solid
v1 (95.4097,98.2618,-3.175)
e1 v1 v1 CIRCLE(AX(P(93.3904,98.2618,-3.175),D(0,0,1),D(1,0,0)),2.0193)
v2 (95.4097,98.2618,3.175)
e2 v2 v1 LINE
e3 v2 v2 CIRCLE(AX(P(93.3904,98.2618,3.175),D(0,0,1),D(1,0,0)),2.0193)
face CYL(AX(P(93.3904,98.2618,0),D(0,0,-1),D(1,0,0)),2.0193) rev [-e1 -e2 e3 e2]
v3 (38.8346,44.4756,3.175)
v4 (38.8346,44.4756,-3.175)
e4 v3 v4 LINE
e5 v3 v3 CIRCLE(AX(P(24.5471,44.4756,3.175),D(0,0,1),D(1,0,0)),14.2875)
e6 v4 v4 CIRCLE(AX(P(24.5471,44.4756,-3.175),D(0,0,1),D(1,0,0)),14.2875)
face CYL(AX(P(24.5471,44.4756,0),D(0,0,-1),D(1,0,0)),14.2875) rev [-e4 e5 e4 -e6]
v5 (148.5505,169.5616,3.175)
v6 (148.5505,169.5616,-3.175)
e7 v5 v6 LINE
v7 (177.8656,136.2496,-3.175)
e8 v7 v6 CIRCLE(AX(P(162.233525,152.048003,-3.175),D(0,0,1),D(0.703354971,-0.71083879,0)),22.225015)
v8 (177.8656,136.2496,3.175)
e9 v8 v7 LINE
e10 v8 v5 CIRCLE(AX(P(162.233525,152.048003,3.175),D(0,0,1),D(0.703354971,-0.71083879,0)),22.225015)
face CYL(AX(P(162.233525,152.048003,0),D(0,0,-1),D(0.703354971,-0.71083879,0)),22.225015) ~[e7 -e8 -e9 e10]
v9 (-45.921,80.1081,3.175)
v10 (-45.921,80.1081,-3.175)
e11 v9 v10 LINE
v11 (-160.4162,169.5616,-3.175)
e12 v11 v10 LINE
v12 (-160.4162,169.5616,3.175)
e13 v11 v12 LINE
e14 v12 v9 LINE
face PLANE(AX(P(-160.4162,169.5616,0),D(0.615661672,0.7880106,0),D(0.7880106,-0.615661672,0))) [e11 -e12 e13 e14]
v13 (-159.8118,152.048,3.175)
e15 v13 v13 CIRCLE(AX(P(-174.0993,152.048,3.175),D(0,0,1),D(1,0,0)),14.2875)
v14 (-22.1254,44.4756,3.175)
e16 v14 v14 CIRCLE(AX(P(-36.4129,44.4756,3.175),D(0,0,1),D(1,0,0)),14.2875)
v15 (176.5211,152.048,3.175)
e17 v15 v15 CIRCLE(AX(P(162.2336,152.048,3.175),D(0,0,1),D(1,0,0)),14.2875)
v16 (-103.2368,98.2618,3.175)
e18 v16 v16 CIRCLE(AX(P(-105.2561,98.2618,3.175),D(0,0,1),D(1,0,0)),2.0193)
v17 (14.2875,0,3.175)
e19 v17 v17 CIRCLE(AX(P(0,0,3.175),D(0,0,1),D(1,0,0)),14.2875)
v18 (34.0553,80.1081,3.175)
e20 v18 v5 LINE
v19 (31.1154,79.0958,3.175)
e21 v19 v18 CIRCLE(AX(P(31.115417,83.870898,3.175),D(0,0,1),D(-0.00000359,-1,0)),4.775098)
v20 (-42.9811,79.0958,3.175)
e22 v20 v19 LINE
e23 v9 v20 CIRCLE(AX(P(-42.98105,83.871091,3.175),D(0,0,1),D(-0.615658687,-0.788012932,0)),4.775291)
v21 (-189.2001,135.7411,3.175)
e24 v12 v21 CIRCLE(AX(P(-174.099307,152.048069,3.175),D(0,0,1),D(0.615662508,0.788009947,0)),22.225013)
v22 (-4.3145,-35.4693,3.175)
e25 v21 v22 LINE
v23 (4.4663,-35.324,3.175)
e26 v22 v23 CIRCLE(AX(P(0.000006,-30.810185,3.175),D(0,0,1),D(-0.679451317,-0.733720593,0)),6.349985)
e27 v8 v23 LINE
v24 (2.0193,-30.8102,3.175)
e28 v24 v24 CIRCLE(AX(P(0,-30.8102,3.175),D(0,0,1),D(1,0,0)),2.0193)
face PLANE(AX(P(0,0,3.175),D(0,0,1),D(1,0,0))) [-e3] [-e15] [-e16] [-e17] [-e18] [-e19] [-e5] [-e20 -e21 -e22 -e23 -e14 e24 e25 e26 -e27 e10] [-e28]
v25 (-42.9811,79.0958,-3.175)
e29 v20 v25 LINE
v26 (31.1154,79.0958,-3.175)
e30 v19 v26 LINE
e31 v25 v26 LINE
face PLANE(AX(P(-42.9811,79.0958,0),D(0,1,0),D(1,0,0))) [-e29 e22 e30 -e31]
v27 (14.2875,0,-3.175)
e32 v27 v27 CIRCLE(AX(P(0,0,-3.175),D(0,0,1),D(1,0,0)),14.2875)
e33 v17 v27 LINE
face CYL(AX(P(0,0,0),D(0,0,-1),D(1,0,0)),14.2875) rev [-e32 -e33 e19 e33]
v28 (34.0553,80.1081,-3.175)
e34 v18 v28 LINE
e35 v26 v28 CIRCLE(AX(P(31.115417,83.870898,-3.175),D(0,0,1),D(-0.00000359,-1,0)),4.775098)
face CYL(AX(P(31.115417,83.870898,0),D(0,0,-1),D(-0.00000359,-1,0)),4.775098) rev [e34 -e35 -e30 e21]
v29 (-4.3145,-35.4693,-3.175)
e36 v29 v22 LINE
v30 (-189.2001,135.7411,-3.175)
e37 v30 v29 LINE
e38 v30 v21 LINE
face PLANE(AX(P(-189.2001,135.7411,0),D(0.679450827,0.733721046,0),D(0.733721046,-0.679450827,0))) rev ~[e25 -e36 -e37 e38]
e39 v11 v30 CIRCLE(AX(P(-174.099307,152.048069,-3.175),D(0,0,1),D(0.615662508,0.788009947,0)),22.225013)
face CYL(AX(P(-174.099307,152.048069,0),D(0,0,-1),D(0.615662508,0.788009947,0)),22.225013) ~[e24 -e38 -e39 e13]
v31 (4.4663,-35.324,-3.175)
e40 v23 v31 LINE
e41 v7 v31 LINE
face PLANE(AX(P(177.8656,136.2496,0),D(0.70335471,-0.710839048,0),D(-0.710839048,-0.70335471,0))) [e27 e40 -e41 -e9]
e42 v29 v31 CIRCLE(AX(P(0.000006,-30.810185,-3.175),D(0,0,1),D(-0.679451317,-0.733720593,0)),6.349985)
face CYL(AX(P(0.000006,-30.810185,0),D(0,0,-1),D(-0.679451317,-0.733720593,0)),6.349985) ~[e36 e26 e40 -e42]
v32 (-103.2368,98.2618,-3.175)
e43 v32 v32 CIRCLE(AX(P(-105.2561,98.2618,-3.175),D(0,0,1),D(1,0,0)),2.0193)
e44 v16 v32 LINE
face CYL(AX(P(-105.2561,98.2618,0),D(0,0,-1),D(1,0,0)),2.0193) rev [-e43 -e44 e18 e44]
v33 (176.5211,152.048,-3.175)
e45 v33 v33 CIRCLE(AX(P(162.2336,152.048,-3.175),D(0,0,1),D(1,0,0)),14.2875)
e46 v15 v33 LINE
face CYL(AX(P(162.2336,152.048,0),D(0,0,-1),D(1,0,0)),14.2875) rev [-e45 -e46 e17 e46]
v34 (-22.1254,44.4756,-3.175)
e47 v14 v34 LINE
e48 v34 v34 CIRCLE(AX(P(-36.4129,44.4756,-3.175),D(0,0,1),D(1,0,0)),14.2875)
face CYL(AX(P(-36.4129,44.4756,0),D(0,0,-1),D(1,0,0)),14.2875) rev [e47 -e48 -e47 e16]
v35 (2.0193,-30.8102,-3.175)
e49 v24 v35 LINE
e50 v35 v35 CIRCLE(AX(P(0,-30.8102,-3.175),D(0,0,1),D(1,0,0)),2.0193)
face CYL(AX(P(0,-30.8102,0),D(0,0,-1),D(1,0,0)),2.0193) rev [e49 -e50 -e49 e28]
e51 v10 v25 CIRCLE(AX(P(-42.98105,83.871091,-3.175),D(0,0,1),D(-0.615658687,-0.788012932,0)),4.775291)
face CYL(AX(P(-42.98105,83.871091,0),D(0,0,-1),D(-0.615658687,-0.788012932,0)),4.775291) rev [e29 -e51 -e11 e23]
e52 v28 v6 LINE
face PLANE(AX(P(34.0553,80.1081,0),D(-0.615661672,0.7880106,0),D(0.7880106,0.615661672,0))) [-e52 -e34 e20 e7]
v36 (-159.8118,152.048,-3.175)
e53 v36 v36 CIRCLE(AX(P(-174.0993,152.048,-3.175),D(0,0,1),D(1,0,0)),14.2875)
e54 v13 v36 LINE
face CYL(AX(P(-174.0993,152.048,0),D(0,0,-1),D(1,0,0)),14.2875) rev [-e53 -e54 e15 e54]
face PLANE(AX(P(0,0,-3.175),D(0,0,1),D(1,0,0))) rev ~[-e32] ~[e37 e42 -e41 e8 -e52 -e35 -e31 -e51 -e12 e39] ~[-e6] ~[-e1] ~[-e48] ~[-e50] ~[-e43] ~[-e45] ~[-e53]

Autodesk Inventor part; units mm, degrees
ref_plane "YZ Plane" through (0, 0, 0) normal (1, 0, 0) x (0, 1, 0)
ref_plane "XZ Plane" through (0, 0, 0) normal (0, 1, 0) x (-1, 0, 0)
ref_plane "XY Plane" through (0, 0, 0) normal (0, 0, 1) x (1, 0, 0)
sketch "Sketch1" plane through (0, 0, 0) normal (0, 0, 1) x (1, 0, 0)
  circle A0 centre (0, 0) radius 20.32 construction
  circle A1 centre (0, 0) radius 22.86 construction
  circle A2 centre (24.5471, 44.4756) radius 30.48 construction
  circle A3 centre (-36.4129, 44.4756) radius 30.48 construction
  circle A4 centre (-36.4129, 44.4756) radius 33.02 construction
  line L0 (-15.4952, 18.9262) -> (-14.4815, 17.688)
  circle A5 centre (24.5471, 44.4756) radius 33.02 construction
  circle A6 centre (24.5471, 44.4756) radius 14.2875
  circle A7 centre (-36.4129, 44.4756) radius 14.2875
  circle A8 centre (0, 0) radius 14.2875
  circle A9 centre (24.5471, 44.4756) radius 19.1008 construction
  circle A10 centre (24.5471, 44.4756) radius 21.0058 construction
  circle A11 centre (-36.4129, 44.4756) radius 19.1008 construction
  circle A12 centre (-36.4129, 44.4756) radius 21.0058 construction
  line L1 (-36.4129, 44.4756) -> (-174.0993, 152.048) construction
  line L2 (24.5471, 44.4756) -> (162.2336, 152.048) construction
  circle A13 centre (-174.0993, 152.048) radius 14.2875
  circle A14 centre (162.2336, 152.048) radius 14.2875
  circle A15 centre (-174.0993, 152.048) radius 22.225 construction
  circle A16 centre (162.2336, 152.048) radius 22.225 construction
  line L3 (-160.4162, 169.5616) -> (-45.921, 80.1081)
  line L4 (-42.9811, 79.0958) -> (31.1154, 79.0958)
  arc A17 (31.1154, 79.0958) -> (34.0553, 80.1081) centre (31.1154, 83.871) ccw
  arc A18 (-45.921, 80.1081) -> (-42.9811, 79.0958) centre (-42.9811, 83.871) ccw
  line L5 (34.0553, 80.1081) -> (148.5505, 169.5616)
  line L6 (-36.4129, 79.0958) -> (-36.4129, 77.4956) construction
  arc A19 (177.8656, 136.2496) -> (148.5505, 169.5616) centre (162.2336, 152.048) ccw
  arc A20 (-160.4162, 169.5616) -> (-189.2001, 135.7411) centre (-174.0993, 152.048) ccw
  circle A21 centre (-105.2561, 98.2618) radius 2.0193
  circle A22 centre (0, -30.8102) radius 6.35 construction
  circle A23 centre (0, -30.8102) radius 2.0193
  line L7 (0, -22.86) -> (0, -24.4602)
  line L8 (-189.2001, 135.7411) -> (-4.3145, -35.4693)
  line L9 (177.8656, 136.2496) -> (4.4663, -35.324)
  arc A24 (-4.3145, -35.4693) -> (4.4663, -35.324) centre (0, -30.8102) ccw
  circle A25 centre (-105.2561, 98.2618) radius 6.35 construction
  circle A26 centre (93.3904, 98.2618) radius 6.35 construction
  circle A27 centre (93.3904, 98.2618) radius 2.0193
  circle A28 centre (-174.0993, 152.048) radius 50.8 construction
  circle A29 centre (162.2336, 152.048) radius 50.8 construction
  line L10 (-333.708, 192.5945) -> (-312.3217, 152.048) construction
  dimension "d0" = 40.64
  dimension "d3" = 2.54
  dimension "d9" = 60.96
  dimension "d10" = 2.54
  dimension "d12" = 1.6002
  dimension "d13" = 28.575
  dimension "d14" = 38.2016
  dimension "d15" = 42.0116
  dimension "d16" = 174.7266
  dimension "d17" = 104
  dimension "d18" = 28.575
  dimension "d24" = 44.45
  dimension "d25" = 44.45
  dimension "d37" = 4.7752
  dimension "d38" = 1.6002
  dimension "d39" = 4.0386
  dimension "d40" = 12.7
  dimension "d41" = 4.0386
  dimension "d42" = 1.6002
  dimension "d43" = 12.7
  dimension "d44" = 12.7
  dimension "d45" = 4.0386
  dimension "d46" = 87.3633
  dimension "d47" = 87.3633
  dimension "d48" = 101.6
  dimension "d49" = 101.6
extrude "Extrusion1" add sketch "Sketch1" along normal mid plane 6.35
properties part number "Gearbox #2 Plate" material "Aluminum 6061"
